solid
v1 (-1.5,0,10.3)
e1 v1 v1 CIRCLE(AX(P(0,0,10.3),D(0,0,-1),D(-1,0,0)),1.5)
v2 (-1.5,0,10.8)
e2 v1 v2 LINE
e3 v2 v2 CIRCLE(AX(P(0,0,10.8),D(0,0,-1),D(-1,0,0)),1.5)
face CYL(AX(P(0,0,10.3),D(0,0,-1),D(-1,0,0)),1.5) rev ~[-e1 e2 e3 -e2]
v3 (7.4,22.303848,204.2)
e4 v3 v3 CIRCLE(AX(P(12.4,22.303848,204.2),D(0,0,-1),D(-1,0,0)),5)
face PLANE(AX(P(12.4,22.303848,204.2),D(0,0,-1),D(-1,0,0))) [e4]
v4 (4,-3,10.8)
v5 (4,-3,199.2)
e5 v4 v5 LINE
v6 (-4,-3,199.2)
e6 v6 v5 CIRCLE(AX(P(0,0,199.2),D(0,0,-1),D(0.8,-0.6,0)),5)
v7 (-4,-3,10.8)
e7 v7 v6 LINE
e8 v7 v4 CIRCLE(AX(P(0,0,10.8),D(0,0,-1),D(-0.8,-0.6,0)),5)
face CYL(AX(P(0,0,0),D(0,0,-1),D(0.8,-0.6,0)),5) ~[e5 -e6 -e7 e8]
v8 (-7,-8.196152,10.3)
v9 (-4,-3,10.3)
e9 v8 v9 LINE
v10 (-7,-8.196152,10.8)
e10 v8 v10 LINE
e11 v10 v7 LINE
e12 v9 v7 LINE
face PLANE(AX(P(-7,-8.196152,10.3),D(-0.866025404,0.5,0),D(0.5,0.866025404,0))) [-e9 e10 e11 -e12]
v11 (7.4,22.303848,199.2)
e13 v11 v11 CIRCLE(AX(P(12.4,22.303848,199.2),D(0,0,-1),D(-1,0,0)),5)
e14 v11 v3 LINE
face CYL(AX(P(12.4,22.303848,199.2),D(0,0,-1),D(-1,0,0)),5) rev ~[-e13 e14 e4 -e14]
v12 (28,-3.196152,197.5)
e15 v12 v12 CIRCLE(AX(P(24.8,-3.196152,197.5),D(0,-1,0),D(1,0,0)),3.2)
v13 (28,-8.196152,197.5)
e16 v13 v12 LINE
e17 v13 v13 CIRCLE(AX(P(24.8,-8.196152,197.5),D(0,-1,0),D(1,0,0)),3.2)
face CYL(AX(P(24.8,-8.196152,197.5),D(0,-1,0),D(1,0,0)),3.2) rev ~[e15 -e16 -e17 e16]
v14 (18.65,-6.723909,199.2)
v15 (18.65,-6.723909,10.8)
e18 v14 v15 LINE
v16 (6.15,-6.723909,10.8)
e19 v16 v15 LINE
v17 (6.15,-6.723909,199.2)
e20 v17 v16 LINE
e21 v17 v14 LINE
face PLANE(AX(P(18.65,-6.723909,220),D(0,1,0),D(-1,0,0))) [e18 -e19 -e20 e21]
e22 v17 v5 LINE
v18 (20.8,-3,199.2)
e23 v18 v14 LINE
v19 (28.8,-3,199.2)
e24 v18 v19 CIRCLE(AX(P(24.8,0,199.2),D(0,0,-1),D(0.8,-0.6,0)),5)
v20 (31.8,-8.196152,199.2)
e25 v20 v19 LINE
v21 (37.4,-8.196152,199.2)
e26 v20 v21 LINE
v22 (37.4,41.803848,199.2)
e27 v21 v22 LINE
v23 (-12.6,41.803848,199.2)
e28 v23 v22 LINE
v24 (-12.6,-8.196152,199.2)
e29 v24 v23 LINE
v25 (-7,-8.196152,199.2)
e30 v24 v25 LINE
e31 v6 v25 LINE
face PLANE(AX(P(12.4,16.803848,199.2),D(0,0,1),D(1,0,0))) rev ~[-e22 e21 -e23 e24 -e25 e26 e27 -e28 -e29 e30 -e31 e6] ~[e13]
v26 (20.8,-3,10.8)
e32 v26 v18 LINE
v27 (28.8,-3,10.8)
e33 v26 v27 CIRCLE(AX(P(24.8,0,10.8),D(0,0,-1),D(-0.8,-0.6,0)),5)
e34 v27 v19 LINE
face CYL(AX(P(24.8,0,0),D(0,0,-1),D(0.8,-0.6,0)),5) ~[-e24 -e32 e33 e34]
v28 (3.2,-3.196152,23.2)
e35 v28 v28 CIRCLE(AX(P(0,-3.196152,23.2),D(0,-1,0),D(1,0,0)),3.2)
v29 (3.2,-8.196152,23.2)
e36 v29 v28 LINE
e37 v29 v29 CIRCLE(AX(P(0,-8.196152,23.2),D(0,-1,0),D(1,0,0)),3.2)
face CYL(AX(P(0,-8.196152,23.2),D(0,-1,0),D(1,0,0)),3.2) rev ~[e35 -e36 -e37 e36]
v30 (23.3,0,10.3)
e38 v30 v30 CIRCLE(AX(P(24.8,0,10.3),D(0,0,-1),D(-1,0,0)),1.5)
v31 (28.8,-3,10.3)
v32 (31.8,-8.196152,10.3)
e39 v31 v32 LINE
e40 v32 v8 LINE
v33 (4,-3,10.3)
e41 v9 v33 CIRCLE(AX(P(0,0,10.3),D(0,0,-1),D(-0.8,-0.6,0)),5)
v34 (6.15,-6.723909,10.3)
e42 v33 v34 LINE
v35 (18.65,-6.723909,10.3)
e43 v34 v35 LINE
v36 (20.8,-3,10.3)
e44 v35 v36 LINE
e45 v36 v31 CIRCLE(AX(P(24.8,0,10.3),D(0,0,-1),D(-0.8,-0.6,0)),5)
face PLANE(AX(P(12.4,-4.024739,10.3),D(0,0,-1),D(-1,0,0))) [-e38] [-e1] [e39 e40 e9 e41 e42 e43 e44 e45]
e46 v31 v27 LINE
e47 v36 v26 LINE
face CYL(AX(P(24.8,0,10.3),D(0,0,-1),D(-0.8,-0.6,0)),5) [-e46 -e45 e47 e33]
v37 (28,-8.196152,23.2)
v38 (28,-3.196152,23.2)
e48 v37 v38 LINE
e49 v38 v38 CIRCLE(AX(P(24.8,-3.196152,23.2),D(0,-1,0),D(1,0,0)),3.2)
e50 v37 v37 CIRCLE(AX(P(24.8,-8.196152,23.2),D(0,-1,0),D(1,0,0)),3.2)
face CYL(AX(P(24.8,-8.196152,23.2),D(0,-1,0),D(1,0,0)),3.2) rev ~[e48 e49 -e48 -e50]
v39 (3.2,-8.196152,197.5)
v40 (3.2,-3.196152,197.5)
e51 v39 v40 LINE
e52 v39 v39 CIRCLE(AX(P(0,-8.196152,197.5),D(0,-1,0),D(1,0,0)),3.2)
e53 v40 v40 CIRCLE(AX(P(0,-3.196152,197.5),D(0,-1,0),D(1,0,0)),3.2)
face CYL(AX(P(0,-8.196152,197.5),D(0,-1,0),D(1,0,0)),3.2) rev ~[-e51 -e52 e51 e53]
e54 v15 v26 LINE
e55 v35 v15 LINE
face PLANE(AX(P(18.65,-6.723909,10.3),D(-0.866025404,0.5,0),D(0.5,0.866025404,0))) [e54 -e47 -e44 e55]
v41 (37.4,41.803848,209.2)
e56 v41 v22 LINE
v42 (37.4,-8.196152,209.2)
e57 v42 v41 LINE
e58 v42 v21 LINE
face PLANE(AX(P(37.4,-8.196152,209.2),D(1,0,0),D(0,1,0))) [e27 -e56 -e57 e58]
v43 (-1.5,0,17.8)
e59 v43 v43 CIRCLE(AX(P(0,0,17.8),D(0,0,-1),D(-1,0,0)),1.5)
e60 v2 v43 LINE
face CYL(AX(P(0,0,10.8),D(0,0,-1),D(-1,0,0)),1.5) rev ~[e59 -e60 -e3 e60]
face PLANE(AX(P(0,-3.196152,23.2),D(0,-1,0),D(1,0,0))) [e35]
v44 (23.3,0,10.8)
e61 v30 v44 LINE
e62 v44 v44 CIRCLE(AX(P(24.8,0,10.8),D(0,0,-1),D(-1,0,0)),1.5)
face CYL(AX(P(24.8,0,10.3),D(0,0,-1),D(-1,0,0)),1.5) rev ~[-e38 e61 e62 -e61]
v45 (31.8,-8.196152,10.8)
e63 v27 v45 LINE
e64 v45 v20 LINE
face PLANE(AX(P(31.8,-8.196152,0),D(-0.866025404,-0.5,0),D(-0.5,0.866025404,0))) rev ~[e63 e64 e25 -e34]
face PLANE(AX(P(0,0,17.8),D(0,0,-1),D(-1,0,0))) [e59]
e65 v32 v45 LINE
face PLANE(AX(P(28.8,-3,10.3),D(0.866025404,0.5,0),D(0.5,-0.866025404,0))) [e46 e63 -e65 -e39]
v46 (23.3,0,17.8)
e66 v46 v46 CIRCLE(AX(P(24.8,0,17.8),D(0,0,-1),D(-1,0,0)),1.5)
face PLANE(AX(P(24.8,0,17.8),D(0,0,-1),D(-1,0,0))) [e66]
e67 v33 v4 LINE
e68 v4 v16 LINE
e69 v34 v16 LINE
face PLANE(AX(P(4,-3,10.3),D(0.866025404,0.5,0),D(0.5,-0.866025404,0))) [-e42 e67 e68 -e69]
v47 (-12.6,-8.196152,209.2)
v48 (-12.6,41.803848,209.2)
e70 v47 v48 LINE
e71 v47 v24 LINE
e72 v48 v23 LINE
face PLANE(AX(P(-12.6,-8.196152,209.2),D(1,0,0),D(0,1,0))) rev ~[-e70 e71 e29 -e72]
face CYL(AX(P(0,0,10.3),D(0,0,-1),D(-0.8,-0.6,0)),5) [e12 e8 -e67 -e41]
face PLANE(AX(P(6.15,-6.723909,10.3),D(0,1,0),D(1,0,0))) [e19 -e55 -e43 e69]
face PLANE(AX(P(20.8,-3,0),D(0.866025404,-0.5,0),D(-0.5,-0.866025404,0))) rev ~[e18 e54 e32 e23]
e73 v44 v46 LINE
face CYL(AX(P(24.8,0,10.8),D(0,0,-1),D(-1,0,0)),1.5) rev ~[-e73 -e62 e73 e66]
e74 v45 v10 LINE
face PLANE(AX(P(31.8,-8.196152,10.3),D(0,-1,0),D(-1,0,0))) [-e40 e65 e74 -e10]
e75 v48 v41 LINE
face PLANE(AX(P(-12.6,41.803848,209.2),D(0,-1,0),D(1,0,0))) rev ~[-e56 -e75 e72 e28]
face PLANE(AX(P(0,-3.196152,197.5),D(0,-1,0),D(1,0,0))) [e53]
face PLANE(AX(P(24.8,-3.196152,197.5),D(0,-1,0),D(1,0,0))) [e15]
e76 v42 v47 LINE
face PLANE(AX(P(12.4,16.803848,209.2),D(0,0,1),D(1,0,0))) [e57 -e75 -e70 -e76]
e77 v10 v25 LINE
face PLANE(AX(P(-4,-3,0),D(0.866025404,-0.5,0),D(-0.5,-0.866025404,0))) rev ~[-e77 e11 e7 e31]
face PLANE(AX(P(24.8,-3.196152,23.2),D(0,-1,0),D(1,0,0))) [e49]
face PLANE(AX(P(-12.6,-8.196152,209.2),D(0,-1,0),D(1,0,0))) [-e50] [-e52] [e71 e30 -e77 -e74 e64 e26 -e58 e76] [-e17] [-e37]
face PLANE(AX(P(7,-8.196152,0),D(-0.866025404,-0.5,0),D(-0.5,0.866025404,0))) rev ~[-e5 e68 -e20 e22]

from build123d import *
from build123d.topology import SkipClean

# Parameters (mm, degrees)
BOSS_EXTRUDE1_DEPTH   = 220
BOSS_EXTRUDE1_2_DEPTH = 220
BOSS_EXTRUDE4_DEPTH   = 220
SKETCH5_R             = 1.37
CUT_EXTRUDE1_DEPTH    = 7
CUT_EXTRUDE2_START    = -7
SKETCH6_R             = 1.37
CUT_EXTRUDE2_DEPTH    = 7
CUT_EXTRUDE4_DEPTH    = 10.8
CUT_EXTRUDE5_START    = -10.8
CUT_EXTRUDE5_DEPTH    = 10.8
SKETCH11_R            = 2
CUT_EXTRUDE6_DEPTH    = 7
SKETCH12_R            = 1.5
CUT_EXTRUDE7_DEPTH    = 7
SKETCH13_W            = 50
SKETCH13_H            = 50
BOSS_EXTRUDE5_DEPTH   = 10
SKETCH14_R            = 5
CUT_EXTRUDE8_DEPTH    = 5
SKETCH4_2_R           = 3.2
CUT_EXTRUDE9_DEPTH    = 5
BOSS_EXTRUDE7_START   = 0.5
SKETCH16_R            = 1.5
BOSS_EXTRUDE7_DEPTH   = 0.5


with BuildPart() as part:
    # Sketch1 → Boss-Extrude1 (new body)
    with BuildSketch(Plane.XY):
        with BuildLine():
            Line((-4, -3), (-7, -8.196152423))
            Line((-7, -8.196152423), (7, -8.196152423))
            Line((7, -8.196152423), (4, -3))
            ThreePointArc((4, -3), (0, 5), (-4, -3))
        make_face()
    extrude(amount=BOSS_EXTRUDE1_DEPTH)



with BuildPart() as body_2:
    # Sketch1 → Boss-Extrude1 2 (new body)
    with BuildSketch(Plane.XY):
        with BuildLine():
            Line((31.8, -8.196152423), (28.8, -3))
            ThreePointArc((28.8, -3), (24.8, 5), (20.8, -3))
            Line((20.8, -3), (17.8, -8.196152423))
            Line((17.8, -8.196152423), (31.8, -8.196152423))
        make_face()
    extrude(amount=BOSS_EXTRUDE1_2_DEPTH)


with BuildPart() as part_1:
    add(part.part)

    add(body_2.part)  # Boss-Extrude4 merges body 2
    # Sketch3 → Boss-Extrude4 (add)
    with BuildSketch(Plane.XY.offset(220)):
        Polygon((7, -8.196152423), (17.8, -8.196152423), (18.65, -8.196152423), (18.65, -6.723909236), (6.15, -6.723909236), (6.15, -8.196152423), align=None)
    extrude(amount=-BOSS_EXTRUDE4_DEPTH)

    # Sketch5 → Cut-Extrude1 (cut)
    with BuildSketch(Plane(origin=(0, 0, 0), x_dir=(-1, 0, 0), z_dir=(0, 0, -1))):
        Circle(SKETCH5_R)
        with Locations((-24.8, 0)):
            Circle(SKETCH5_R)
    extrude(amount=-CUT_EXTRUDE1_DEPTH, mode=Mode.SUBTRACT)

    # Sketch6 → Cut-Extrude2 (cut)
    with BuildSketch(Plane.XY.offset(220).offset(CUT_EXTRUDE2_START)):
        Circle(SKETCH6_R)
        with Locations((24.8, 0)):
            Circle(SKETCH6_R)
    extrude(amount=CUT_EXTRUDE2_DEPTH, mode=Mode.SUBTRACT)

    # Sketch9 → Cut-Extrude4 (cut)
    with BuildSketch(Plane(origin=(0, 0, 0), x_dir=(-1, 0, 0), z_dir=(0, 0, -1))):
        with BuildLine():
            Line((-28.8, -3), (-31.8, -8.196152423))
            Line((-31.8, -8.196152423), (7, -8.196152423))
            Line((7, -8.196152423), (4, -3))
            ThreePointArc((4, -3), (0, 5), (-4, -3))
            Line((-4, -3), (-6.15, -6.723909236))
            Line((-6.15, -6.723909236), (-18.65, -6.723909236))
            Line((-18.65, -6.723909236), (-20.8, -3))
            ThreePointArc((-20.8, -3), (-24.8, 5), (-28.8, -3))
        make_face()
    extrude(amount=-CUT_EXTRUDE4_DEPTH, mode=Mode.SUBTRACT)

    # Sketch10 → Cut-Extrude5 (cut)
    with BuildSketch(Plane.XY.offset(220).offset(CUT_EXTRUDE5_START)):
        with BuildLine():
            Line((20.8, -3), (18.65, -6.723909236))
            Line((18.65, -6.723909236), (6.15, -6.723909236))
            Line((6.15, -6.723909236), (4, -3))
            ThreePointArc((4, -3), (0, 5), (-4, -3))
            Line((-4, -3), (-7, -8.196152423))
            Line((-7, -8.196152423), (31.8, -8.196152423))
            Line((31.8, -8.196152423), (28.8, -3))
            ThreePointArc((28.8, -3), (24.8, 5), (20.8, -3))
        make_face()
    extrude(amount=CUT_EXTRUDE5_DEPTH, mode=Mode.SUBTRACT)

    # Sketch11 → Cut-Extrude6 (cut)
    with BuildSketch(Plane.XY.offset(209.2)):
        Circle(SKETCH11_R)
        with Locations((24.8, 0)):
            Circle(SKETCH11_R)
    extrude(amount=-CUT_EXTRUDE6_DEPTH, mode=Mode.SUBTRACT)

    # Sketch12 → Cut-Extrude7 (cut)
    with BuildSketch(Plane(origin=(0, 0, 10.8), x_dir=(-1, 0, 0), z_dir=(0, 0, -1))):
        Circle(SKETCH12_R)
        with Locations((-24.8, 0)):
            Circle(SKETCH12_R)
    extrude(amount=-CUT_EXTRUDE7_DEPTH, mode=Mode.SUBTRACT)

    # Sketch13 → Boss-Extrude5 (add)
    with BuildSketch(Plane.XY.offset(209.2)):
        with Locations((12.4, 16.803847577)):
            Rectangle(SKETCH13_W, SKETCH13_H)
    extrude(amount=-BOSS_EXTRUDE5_DEPTH)

    # Sketch14 → Cut-Extrude8 (cut)
    with BuildSketch(Plane(origin=(0, 0, 199.2), x_dir=(-1, 0, 0), z_dir=(0, 0, -1))):
        with Locations((-12.4, 22.303847577)):
            Circle(SKETCH14_R)
    extrude(amount=-CUT_EXTRUDE8_DEPTH, mode=Mode.SUBTRACT)

    # Sketch4<2> → Cut-Extrude9 (cut)
    with BuildSketch(Plane.XZ.offset(8.196152423)):
        with Locations((0, 197.5)):
            Circle(SKETCH4_2_R)
        with Locations((24.8, 197.5)):
            Circle(SKETCH4_2_R)
        with Locations((24.8, 23.2)):
            Circle(SKETCH4_2_R)
        with Locations((0, 23.2)):
            Circle(SKETCH4_2_R)
    extrude(amount=-CUT_EXTRUDE9_DEPTH, mode=Mode.SUBTRACT)

    # Sketch16 → Boss-Extrude7 (add)
    with SkipClean():  # the faces are left unmerged after this step: merging them gives an invalid solid
        with BuildSketch(Plane(origin=(0, 0, 10.8), x_dir=(-1, 0, 0), z_dir=(0, 0, -1)).offset(BOSS_EXTRUDE7_START)):
            with BuildLine():
                Line((-28.8, -3), (-31.8, -8.196152423))
                Line((-31.8, -8.196152423), (7, -8.196152423))
                Line((7, -8.196152423), (4, -3))
                ThreePointArc((4, -3), (0, 5), (-4, -3))
                Line((-4, -3), (-6.15, -6.723909236))
                Line((-6.15, -6.723909236), (-18.65, -6.723909236))
                Line((-18.65, -6.723909236), (-20.8, -3))
                ThreePointArc((-20.8, -3), (-24.8, 5), (-28.8, -3))
            make_face()
            with Locations((-24.8, 0)):
                Circle(SKETCH16_R, mode=Mode.SUBTRACT)
            Circle(SKETCH16_R, mode=Mode.SUBTRACT)
        extrude(amount=-BOSS_EXTRUDE7_DEPTH)


solid = part_1.part
